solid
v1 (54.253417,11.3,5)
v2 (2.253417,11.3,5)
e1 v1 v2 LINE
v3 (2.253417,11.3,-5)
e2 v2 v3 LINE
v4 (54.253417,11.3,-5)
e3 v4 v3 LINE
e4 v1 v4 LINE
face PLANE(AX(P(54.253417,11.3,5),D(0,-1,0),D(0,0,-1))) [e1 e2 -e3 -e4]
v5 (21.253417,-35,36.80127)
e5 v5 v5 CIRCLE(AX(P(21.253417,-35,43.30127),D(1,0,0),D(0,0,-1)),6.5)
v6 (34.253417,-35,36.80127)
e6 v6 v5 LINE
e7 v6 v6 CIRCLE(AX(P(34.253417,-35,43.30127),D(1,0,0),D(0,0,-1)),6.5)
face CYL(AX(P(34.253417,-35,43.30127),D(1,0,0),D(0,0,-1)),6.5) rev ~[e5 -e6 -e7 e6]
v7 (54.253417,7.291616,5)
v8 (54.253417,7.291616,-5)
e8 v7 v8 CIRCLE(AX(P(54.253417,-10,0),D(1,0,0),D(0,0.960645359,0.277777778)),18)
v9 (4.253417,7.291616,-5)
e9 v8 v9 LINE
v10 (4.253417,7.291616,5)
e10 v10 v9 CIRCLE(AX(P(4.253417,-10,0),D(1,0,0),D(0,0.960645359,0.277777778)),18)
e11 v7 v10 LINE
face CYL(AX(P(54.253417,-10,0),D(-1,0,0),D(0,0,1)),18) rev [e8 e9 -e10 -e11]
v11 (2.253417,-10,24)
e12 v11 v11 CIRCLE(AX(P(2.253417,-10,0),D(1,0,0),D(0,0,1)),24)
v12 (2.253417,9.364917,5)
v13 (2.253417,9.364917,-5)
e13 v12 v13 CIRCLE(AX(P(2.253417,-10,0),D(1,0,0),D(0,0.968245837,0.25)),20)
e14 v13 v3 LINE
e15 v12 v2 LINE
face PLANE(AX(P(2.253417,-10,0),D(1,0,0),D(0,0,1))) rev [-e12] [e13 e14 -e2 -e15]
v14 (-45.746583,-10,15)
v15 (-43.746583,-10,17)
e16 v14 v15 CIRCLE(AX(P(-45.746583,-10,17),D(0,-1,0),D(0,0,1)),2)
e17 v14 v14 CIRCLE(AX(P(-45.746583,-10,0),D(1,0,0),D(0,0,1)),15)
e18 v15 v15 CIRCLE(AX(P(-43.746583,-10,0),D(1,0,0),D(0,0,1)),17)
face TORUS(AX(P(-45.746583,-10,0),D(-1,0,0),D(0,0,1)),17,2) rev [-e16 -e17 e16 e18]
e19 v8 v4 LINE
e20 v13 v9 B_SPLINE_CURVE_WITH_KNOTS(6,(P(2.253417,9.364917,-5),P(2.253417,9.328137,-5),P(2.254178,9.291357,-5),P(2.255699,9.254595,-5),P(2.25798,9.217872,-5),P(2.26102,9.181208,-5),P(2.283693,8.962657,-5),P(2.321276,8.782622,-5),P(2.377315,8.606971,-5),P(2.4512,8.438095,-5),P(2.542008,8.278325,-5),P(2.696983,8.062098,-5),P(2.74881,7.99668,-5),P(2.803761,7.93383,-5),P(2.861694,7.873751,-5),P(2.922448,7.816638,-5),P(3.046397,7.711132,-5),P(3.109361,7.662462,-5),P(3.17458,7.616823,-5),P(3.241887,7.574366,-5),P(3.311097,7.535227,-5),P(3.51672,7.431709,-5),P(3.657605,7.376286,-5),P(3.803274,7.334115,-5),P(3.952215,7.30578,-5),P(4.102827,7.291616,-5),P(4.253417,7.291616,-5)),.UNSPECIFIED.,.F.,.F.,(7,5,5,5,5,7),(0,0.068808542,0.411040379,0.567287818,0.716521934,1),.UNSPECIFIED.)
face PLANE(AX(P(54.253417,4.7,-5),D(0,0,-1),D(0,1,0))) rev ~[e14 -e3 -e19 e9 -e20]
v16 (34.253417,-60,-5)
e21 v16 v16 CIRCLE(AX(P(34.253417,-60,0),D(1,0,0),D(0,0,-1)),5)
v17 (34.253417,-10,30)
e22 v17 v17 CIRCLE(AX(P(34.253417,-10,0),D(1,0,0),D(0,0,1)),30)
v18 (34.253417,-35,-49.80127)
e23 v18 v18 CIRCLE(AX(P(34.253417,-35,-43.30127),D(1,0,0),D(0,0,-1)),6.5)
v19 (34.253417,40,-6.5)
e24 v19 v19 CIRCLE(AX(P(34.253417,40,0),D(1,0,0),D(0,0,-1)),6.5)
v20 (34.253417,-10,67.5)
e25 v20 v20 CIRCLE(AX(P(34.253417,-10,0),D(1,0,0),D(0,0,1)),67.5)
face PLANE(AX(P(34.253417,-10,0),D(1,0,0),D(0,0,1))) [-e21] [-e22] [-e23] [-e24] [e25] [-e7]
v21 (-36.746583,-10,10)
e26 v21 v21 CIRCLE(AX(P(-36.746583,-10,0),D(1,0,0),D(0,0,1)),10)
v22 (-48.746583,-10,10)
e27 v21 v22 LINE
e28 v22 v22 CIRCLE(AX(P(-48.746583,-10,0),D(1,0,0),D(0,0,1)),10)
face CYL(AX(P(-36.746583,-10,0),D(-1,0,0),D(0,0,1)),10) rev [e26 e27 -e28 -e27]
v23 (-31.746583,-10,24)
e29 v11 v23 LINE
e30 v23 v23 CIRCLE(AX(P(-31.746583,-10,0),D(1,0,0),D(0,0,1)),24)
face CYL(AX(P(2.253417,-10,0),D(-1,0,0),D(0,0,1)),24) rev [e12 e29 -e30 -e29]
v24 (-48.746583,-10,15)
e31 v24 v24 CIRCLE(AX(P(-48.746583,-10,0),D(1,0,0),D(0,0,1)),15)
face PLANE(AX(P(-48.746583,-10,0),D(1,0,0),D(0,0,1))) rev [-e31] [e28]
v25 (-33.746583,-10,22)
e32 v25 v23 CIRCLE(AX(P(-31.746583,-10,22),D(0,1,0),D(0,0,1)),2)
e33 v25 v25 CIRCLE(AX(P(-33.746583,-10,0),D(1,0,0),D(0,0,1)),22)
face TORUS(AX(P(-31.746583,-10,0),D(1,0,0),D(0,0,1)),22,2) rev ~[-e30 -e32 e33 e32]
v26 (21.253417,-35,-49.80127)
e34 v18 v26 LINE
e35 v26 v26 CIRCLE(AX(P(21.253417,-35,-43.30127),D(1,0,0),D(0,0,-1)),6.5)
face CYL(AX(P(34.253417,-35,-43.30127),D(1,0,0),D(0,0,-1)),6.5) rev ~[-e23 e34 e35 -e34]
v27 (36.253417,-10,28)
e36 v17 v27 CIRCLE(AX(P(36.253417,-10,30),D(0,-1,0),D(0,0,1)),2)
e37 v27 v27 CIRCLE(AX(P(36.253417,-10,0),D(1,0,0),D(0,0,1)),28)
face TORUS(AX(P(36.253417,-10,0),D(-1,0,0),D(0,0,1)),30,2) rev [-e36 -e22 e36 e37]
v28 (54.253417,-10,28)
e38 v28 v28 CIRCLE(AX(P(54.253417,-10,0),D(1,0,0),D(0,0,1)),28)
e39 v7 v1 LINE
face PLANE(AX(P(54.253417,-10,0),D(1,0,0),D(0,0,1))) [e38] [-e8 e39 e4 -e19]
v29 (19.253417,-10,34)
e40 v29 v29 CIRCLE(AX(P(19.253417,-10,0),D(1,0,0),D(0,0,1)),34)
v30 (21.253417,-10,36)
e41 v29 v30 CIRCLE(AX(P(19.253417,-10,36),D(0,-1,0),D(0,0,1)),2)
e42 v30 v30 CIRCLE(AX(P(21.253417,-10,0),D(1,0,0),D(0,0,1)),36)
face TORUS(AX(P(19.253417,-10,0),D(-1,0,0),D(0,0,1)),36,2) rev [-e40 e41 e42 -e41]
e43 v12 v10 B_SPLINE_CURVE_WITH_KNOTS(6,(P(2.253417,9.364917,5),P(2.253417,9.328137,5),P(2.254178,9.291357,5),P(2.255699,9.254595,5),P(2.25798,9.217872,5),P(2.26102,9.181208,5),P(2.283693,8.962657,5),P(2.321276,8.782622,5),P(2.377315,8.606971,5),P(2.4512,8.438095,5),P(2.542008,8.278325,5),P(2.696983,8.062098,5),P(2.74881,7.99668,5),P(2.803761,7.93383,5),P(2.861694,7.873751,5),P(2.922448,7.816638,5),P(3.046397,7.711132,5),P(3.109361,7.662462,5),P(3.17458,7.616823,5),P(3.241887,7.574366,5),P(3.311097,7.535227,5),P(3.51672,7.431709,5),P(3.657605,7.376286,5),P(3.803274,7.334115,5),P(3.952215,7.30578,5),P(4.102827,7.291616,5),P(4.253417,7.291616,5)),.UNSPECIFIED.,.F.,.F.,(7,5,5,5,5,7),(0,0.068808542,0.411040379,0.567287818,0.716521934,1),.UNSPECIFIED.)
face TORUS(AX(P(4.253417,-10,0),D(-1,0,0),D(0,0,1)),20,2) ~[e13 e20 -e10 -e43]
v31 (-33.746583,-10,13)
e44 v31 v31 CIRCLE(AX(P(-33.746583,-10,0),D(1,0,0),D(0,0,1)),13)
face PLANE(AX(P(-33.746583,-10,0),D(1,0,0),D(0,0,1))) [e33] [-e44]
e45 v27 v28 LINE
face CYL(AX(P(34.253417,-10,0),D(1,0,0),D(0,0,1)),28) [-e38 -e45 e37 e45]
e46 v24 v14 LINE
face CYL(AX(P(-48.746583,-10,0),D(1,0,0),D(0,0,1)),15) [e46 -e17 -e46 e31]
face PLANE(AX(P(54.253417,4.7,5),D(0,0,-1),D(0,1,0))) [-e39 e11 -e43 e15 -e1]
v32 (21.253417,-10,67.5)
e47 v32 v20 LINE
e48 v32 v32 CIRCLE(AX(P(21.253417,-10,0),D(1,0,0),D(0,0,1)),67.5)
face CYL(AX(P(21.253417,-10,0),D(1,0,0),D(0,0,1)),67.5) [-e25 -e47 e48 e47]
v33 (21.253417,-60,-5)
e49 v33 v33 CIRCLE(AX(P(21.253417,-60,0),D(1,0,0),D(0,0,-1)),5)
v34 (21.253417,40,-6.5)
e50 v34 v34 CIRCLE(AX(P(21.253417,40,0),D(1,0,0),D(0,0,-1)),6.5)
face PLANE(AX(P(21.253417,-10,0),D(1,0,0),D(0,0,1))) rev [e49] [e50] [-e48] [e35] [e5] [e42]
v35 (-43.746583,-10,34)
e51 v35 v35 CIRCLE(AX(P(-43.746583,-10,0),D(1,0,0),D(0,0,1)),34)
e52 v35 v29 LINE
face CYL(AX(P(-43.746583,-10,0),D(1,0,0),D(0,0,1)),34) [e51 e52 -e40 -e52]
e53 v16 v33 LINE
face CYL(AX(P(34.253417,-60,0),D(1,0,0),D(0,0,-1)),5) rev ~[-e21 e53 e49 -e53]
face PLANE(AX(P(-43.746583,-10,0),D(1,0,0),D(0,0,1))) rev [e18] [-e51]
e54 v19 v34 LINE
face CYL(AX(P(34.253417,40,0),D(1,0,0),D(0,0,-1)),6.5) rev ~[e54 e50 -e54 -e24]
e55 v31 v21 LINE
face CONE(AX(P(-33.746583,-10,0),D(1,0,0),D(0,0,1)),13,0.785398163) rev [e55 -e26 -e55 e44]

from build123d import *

# Parameters (mm, degrees)
FILLET1_R          = 2
FILLET2_R          = 2
SKETCH2_W          = 10
SKETCH2_H          = 6.6
CUT_EXTRUDE1_DEPTH = 52
SKETCH3_R          = 6.5
SKETCH3_R_2        = 5
CUT_EXTRUDE2_DEPTH = 52


with BuildPart() as part:
    # Sketch1 → Revolve1 (revolve)
    with BuildSketch(Plane.XY, mode=Mode.PRIVATE) as revolve1_sk:
        Polygon((-48.746583118, 0), (-48.746583118, 5), (-43.746583118, 5), (-43.746583118, 24), (21.253416882, 24), (21.253416882, 57.5), (34.253416882, 57.5), (34.253416882, 18), (54.253416882, 18), (54.253416882, 8), (2.253416882, 8), (2.253416882, 14), (-33.746583118, 14), (-33.746583118, 3), (-36.746583118, 0), align=None)
    revolve(revolve1_sk.sketch.rotate(Axis((-48.746583118, -10, 0), (1, 0, 0)), 90), axis=Axis((-48.746583118, -10, 0), (1, 0, 0)))

    # Fillet1
    fillet1_edges = [part.edges().sort_by_distance(p)[0] for p in [
        (-43.746583118, -10, -15),
        (21.253416882, -10, -34),
        (34.253416882, -10, -28),
    ]]
    fillet(fillet1_edges, radius=FILLET1_R)

    # Fillet2
    fillet2_edges = [part.edges().sort_by_distance(p)[0] for p in [
        (2.253416882, -10, -18),
        (-33.746583118, -10, -24),
    ]]
    fillet(fillet2_edges, radius=FILLET2_R)

    # Sketch2 → Cut-Extrude1 (cut)
    with BuildSketch(Plane(origin=(54.253416882, 0, 0), x_dir=(0, 0, -1), z_dir=(1, 0, 0))):
        with Locations((0, 8)):
            Rectangle(SKETCH2_W, SKETCH2_H)
    extrude(amount=-CUT_EXTRUDE1_DEPTH, mode=Mode.SUBTRACT)

    # Sketch3 → Cut-Extrude2 (cut)
    with BuildSketch(Plane(origin=(34.253416882, 0, 0), x_dir=(0, 0, -1), z_dir=(1, 0, 0))):
        with Locations((0, 40)):
            Circle(SKETCH3_R)
        with Locations((43.301270189, -35)):
            Circle(SKETCH3_R)
        with Locations((-43.301270189, -35)):
            Circle(SKETCH3_R)
        with Locations((0, -60)):
            Circle(SKETCH3_R_2)
    extrude(amount=-CUT_EXTRUDE2_DEPTH, mode=Mode.SUBTRACT)


solid = part.part
